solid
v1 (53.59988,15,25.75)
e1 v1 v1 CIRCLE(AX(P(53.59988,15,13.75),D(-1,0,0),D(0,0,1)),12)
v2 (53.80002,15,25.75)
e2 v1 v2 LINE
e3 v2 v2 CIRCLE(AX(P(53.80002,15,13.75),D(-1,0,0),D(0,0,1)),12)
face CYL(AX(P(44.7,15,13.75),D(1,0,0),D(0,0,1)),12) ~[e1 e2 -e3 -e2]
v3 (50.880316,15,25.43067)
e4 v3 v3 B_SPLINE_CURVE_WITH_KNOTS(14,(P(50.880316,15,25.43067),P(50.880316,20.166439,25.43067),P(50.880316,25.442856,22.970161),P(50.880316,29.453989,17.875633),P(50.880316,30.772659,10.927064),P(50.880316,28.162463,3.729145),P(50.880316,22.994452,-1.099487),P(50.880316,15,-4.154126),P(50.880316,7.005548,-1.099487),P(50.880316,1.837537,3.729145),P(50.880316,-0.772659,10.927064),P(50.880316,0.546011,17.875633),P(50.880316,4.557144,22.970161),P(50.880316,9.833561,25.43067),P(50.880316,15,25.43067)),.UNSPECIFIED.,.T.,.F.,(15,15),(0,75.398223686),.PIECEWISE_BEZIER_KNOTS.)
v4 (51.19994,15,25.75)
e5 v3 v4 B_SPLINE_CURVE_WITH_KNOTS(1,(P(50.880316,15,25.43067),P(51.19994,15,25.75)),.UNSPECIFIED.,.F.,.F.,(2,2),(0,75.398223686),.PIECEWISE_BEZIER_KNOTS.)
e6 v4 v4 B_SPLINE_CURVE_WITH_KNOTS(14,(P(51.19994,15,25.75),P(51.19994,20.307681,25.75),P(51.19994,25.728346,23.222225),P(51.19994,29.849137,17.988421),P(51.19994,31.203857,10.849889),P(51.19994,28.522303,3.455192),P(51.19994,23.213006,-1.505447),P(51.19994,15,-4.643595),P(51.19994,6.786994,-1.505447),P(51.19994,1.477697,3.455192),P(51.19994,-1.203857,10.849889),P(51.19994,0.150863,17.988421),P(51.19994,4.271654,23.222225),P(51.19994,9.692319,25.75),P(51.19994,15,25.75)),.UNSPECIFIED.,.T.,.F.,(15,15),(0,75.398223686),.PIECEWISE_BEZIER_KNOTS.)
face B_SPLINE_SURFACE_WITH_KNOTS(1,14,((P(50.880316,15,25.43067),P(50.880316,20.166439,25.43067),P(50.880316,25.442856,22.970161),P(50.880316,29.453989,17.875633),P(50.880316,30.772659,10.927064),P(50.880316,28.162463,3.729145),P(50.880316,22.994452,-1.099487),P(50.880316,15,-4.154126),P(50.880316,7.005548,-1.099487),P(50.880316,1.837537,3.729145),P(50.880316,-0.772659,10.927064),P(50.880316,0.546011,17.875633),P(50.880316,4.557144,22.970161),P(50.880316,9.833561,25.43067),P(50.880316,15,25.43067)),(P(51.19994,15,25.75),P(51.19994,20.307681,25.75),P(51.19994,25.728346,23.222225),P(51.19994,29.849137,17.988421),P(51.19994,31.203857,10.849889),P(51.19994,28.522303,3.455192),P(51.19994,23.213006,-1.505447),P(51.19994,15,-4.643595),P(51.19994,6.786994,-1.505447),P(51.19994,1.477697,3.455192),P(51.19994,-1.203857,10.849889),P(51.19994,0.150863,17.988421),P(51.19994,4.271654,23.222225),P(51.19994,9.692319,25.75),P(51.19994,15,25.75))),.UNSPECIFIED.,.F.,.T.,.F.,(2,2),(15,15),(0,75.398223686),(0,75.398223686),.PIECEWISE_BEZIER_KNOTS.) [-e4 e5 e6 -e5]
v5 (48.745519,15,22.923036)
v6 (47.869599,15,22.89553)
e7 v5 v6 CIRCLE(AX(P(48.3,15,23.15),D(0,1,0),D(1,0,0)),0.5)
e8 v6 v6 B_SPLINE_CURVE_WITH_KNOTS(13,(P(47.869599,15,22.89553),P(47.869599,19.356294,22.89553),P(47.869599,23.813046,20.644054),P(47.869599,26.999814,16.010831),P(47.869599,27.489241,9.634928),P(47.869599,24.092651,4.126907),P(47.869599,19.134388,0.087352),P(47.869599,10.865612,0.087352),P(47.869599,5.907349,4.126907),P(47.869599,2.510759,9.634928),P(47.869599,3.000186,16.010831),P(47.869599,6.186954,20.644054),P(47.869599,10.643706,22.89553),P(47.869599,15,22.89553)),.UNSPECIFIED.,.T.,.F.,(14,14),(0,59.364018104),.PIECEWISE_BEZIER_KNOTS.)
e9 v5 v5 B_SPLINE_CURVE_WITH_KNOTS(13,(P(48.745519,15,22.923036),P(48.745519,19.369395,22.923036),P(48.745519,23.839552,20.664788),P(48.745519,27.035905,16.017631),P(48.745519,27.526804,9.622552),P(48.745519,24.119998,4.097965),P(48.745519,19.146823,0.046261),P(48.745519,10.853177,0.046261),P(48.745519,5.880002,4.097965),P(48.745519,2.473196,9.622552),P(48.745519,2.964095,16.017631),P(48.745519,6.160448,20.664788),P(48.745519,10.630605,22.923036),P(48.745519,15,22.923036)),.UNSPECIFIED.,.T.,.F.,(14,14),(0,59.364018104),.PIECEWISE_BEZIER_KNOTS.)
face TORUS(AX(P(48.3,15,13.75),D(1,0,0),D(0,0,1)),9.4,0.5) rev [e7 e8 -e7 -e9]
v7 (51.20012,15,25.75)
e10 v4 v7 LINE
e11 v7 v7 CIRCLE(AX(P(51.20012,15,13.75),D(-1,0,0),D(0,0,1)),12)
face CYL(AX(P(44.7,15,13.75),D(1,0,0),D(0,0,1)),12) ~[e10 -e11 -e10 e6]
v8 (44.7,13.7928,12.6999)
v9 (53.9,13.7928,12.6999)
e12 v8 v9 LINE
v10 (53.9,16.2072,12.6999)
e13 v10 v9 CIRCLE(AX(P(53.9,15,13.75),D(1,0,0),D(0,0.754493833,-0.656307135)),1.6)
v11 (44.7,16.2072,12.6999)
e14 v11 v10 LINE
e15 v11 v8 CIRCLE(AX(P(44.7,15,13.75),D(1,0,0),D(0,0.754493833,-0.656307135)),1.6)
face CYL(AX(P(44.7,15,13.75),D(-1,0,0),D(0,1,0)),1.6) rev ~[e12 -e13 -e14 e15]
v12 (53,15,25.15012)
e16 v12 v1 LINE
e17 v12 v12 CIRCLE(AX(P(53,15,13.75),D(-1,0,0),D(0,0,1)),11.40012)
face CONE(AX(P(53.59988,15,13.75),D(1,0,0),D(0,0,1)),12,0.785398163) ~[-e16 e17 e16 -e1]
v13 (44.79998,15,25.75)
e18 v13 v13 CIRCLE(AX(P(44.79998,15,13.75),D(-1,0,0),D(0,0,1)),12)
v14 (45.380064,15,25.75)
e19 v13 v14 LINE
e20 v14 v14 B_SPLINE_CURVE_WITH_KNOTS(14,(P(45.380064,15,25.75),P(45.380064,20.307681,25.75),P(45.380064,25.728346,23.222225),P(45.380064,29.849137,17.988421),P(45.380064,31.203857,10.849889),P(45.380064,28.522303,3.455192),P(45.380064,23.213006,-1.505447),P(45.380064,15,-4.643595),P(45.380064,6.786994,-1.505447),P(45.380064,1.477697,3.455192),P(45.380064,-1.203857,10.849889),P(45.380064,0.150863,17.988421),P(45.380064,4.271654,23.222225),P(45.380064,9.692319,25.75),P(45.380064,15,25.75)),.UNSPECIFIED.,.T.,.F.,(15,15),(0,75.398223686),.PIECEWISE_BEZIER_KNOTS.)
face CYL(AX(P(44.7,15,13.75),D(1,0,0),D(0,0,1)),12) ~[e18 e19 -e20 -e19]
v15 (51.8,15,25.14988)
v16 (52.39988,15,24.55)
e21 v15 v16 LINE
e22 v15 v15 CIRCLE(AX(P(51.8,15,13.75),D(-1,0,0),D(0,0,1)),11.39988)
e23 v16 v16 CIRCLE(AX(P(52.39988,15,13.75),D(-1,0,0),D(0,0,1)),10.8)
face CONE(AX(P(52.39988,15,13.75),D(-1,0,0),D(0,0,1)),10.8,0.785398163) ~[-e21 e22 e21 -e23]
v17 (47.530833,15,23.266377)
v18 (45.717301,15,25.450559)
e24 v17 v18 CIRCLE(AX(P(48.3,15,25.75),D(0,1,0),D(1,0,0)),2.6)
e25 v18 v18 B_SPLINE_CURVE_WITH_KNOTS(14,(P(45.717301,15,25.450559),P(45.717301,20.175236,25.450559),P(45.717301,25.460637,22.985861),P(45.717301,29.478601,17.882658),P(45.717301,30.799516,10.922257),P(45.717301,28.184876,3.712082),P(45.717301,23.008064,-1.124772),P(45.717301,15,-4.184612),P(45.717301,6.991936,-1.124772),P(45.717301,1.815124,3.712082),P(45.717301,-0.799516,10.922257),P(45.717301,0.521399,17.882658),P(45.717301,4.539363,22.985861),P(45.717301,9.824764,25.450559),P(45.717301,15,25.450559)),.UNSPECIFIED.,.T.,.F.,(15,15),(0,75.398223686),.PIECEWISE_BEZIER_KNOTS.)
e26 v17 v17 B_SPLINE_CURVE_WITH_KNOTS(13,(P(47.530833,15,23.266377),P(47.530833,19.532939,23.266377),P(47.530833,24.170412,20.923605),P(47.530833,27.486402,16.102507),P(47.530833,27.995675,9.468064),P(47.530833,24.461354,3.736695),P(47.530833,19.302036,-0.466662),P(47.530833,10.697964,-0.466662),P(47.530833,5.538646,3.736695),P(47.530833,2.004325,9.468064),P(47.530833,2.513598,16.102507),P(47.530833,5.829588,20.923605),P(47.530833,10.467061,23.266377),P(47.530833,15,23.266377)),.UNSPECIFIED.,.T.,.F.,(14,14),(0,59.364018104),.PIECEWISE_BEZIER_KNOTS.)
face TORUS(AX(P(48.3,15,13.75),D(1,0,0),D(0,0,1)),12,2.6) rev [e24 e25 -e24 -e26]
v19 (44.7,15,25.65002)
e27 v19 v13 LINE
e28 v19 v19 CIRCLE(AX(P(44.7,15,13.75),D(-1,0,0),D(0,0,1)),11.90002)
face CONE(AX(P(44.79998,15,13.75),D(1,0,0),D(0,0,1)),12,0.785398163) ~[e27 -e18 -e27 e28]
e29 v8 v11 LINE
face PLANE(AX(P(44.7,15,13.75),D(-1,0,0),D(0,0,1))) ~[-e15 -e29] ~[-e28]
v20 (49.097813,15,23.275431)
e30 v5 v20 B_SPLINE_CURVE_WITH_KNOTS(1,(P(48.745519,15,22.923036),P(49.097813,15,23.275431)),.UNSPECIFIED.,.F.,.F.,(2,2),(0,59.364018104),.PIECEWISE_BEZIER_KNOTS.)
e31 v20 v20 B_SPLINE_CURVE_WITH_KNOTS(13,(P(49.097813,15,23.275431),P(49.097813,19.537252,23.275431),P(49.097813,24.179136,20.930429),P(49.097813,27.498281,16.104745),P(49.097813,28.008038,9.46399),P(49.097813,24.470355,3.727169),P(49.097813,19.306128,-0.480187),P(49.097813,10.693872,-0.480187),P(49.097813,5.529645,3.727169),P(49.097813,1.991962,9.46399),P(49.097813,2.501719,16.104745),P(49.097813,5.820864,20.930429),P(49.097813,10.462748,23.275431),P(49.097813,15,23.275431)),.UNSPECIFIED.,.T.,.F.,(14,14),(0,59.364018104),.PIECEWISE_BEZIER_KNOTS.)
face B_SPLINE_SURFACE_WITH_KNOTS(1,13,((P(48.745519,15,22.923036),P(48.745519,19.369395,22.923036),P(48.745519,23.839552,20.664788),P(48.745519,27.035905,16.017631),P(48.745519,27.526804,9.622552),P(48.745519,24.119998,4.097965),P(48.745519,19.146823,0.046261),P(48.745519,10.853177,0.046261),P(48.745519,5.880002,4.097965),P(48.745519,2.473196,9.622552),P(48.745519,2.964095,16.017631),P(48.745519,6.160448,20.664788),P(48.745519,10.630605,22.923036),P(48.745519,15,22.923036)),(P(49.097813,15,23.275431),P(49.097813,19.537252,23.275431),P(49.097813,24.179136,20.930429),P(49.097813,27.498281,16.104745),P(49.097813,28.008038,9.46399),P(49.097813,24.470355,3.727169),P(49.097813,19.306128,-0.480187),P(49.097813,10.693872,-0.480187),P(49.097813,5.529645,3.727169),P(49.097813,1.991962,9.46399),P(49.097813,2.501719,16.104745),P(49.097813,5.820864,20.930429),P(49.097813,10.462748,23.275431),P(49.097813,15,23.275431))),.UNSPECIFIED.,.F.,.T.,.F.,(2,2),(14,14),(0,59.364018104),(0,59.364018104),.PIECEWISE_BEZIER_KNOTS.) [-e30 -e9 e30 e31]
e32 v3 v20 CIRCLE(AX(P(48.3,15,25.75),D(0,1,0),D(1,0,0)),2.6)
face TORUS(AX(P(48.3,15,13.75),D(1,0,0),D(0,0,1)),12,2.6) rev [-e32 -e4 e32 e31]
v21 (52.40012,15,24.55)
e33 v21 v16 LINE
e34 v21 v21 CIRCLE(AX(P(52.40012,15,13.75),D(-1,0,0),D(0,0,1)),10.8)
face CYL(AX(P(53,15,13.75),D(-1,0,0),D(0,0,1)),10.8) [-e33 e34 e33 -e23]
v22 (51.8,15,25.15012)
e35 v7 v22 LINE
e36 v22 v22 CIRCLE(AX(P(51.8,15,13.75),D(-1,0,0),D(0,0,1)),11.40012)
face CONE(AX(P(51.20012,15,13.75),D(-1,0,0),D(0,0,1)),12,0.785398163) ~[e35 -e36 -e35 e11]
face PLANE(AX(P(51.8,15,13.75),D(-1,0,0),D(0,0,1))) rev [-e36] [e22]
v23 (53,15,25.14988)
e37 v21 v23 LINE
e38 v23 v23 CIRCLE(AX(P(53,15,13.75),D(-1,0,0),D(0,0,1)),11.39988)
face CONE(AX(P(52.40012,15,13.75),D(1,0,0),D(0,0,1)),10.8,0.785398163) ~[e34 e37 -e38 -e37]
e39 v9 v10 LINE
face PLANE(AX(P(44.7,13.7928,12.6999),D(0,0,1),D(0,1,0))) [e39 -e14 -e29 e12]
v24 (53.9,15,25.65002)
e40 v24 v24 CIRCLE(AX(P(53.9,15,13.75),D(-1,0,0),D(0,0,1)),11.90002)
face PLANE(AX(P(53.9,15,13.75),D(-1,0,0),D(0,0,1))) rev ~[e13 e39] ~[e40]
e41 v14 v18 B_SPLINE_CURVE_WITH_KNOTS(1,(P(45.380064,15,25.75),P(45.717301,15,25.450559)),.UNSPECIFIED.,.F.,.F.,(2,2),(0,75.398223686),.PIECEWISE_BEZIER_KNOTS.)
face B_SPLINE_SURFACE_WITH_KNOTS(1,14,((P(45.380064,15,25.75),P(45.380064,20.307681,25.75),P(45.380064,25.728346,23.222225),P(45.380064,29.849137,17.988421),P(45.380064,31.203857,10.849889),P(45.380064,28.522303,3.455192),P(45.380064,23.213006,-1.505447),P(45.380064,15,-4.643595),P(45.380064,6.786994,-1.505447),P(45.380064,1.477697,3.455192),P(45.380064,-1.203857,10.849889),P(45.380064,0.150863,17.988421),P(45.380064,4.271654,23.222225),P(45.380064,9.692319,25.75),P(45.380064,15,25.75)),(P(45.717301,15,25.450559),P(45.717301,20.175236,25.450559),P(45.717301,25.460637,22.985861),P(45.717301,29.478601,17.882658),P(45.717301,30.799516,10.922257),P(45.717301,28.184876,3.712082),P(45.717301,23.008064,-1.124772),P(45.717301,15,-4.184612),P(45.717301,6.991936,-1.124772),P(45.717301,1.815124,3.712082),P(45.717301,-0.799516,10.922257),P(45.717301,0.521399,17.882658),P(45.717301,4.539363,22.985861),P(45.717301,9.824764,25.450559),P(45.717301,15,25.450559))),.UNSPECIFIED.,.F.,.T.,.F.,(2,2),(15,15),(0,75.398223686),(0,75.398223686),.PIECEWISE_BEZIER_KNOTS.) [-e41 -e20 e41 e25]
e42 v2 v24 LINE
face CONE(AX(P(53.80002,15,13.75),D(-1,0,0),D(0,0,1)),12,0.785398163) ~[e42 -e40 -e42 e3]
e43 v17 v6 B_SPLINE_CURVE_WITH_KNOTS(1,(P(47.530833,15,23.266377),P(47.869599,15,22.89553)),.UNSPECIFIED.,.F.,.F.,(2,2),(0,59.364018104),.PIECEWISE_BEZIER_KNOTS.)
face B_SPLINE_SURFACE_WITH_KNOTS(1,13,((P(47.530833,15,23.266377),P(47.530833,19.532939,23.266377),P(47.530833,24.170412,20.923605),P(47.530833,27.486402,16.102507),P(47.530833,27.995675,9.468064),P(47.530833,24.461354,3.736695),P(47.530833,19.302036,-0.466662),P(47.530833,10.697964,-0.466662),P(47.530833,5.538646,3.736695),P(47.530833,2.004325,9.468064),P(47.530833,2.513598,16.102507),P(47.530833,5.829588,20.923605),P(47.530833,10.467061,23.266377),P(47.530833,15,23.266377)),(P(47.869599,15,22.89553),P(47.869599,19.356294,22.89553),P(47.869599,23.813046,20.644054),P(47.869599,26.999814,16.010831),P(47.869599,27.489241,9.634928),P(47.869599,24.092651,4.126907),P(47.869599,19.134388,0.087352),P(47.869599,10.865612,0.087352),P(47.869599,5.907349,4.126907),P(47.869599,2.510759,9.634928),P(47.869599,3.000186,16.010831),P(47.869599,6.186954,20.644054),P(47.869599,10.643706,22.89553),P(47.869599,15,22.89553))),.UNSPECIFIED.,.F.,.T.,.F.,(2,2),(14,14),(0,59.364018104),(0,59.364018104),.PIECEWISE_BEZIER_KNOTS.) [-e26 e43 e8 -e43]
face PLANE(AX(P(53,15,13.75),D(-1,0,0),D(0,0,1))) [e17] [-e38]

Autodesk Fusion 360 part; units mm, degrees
sketch "Sketch1" plane through (0, 0, 0) normal (1, 0, 0) x (0, 1, 0) in component "Wheel v0"
  line L0 (0, 0) -> (9.2, 0)
  line L1 (9.2, 0) -> (9.2, 12)
  line L2 (9.2, 12) -> (0, 12)
  line L3 (0, 12) -> (0, 0)
  line L4 (0, 10.3) -> (9.2, 10.3)
  line L5 (7.1, 0) -> (8.3, 0)
  line L6 (8.3, 0) -> (8.3, 1.2)
  line L7 (8.3, 1.2) -> (7.1, 1.2)
  line L8 (7.1, 1.2) -> (7.1, 0)
  circle A0 centre (3.6, 0) radius 2.6
  line L9 (3.6, 0) -> (3.6, 2.6) construction
  circle A1 centre (3.6, 2.6) radius 0.5
  dimension "d1" = 9.2
  dimension "d2" = 12
  dimension "d3" = 1.7
  dimension "d4" = 1.2
  dimension "d5" = 1.2
  dimension "d6" = 7.1
  dimension "d7" = 5.2
  dimension "d8" = 3.6
  dimension "d9" = 1
revolve "Revolve1" add sketch "Sketch1" angle 360 about axis through (0, 9.2, 12) along (0, -1, 0) contours L0 L1 L3 L4 L6 L7 L8 A0 A1 | L1 L2 L3 L4 in component "Wheel v0"
chamfer "Chamfer1" distance 0.6 angle 45 2 faces at (-0.5962, 7.1, 0.4447) (-1.1327, 8.3, 0.4849) in component "Wheel v0"
chamfer "Chamfer1" distance 0.1 angle 45 2 edges at (-11.1879, 9.2, 7.6606) (-11.1879, 0, 7.6606) in component "Wheel v0"
chamfer "Chamfer1" distance 0.28 distance2 0.31 2 edges at (-8.8087, 4.0977, 8.5834) (-8.8087, 3.1023, 8.5834) measured on face at (-3.6679, 4.0982, 20.7013) measured on face at (7.1736, 1.0027, 21.4704) in component "Wheel v0"
chamfer "Chamfer1" distance 0.32 distance2 0.3 2 edges at (-11.1879, 6.2, 7.6606) (-11.1879, 1, 7.6606) measured on face at (-1.1829, 6.1973, 23.8216) measured on face at (-0.5982, 0.3333, 0.0149) in component "Wheel v0"
sketch "Sketch2" plane through (0, 0, 0) normal (0, -1, 0) x (1, 0, 0) in component "Wheel v0"
  circle A0 centre (0, 12) radius 11.9
  circle A1 centre (0, 12) radius 1.6
  line L0 (-1.2072, 13.0501) -> (1.2072, 13.0501)
  line L1 (0.0188, 10.4001) -> (0, 0) construction
  circle A2 centre (0, 12) radius 1.4
  dimension "d17" = 3.2
  dimension "d18" = 2.65
  dimension "d19" = 2.8
extrude "Extrude6" cut sketch "Sketch2" against normal blind 9.2 contours A1 L0 A2 | L0 A2 picked at (-1.2089, 12.9375) picked at (0.4769, 11.4652) in component "Wheel v0"
component "Wheel v0" placed x (0, 1, 0) y (1, 0, 0) z (0, 0, -1) at (44.7, 15, 25.75)
